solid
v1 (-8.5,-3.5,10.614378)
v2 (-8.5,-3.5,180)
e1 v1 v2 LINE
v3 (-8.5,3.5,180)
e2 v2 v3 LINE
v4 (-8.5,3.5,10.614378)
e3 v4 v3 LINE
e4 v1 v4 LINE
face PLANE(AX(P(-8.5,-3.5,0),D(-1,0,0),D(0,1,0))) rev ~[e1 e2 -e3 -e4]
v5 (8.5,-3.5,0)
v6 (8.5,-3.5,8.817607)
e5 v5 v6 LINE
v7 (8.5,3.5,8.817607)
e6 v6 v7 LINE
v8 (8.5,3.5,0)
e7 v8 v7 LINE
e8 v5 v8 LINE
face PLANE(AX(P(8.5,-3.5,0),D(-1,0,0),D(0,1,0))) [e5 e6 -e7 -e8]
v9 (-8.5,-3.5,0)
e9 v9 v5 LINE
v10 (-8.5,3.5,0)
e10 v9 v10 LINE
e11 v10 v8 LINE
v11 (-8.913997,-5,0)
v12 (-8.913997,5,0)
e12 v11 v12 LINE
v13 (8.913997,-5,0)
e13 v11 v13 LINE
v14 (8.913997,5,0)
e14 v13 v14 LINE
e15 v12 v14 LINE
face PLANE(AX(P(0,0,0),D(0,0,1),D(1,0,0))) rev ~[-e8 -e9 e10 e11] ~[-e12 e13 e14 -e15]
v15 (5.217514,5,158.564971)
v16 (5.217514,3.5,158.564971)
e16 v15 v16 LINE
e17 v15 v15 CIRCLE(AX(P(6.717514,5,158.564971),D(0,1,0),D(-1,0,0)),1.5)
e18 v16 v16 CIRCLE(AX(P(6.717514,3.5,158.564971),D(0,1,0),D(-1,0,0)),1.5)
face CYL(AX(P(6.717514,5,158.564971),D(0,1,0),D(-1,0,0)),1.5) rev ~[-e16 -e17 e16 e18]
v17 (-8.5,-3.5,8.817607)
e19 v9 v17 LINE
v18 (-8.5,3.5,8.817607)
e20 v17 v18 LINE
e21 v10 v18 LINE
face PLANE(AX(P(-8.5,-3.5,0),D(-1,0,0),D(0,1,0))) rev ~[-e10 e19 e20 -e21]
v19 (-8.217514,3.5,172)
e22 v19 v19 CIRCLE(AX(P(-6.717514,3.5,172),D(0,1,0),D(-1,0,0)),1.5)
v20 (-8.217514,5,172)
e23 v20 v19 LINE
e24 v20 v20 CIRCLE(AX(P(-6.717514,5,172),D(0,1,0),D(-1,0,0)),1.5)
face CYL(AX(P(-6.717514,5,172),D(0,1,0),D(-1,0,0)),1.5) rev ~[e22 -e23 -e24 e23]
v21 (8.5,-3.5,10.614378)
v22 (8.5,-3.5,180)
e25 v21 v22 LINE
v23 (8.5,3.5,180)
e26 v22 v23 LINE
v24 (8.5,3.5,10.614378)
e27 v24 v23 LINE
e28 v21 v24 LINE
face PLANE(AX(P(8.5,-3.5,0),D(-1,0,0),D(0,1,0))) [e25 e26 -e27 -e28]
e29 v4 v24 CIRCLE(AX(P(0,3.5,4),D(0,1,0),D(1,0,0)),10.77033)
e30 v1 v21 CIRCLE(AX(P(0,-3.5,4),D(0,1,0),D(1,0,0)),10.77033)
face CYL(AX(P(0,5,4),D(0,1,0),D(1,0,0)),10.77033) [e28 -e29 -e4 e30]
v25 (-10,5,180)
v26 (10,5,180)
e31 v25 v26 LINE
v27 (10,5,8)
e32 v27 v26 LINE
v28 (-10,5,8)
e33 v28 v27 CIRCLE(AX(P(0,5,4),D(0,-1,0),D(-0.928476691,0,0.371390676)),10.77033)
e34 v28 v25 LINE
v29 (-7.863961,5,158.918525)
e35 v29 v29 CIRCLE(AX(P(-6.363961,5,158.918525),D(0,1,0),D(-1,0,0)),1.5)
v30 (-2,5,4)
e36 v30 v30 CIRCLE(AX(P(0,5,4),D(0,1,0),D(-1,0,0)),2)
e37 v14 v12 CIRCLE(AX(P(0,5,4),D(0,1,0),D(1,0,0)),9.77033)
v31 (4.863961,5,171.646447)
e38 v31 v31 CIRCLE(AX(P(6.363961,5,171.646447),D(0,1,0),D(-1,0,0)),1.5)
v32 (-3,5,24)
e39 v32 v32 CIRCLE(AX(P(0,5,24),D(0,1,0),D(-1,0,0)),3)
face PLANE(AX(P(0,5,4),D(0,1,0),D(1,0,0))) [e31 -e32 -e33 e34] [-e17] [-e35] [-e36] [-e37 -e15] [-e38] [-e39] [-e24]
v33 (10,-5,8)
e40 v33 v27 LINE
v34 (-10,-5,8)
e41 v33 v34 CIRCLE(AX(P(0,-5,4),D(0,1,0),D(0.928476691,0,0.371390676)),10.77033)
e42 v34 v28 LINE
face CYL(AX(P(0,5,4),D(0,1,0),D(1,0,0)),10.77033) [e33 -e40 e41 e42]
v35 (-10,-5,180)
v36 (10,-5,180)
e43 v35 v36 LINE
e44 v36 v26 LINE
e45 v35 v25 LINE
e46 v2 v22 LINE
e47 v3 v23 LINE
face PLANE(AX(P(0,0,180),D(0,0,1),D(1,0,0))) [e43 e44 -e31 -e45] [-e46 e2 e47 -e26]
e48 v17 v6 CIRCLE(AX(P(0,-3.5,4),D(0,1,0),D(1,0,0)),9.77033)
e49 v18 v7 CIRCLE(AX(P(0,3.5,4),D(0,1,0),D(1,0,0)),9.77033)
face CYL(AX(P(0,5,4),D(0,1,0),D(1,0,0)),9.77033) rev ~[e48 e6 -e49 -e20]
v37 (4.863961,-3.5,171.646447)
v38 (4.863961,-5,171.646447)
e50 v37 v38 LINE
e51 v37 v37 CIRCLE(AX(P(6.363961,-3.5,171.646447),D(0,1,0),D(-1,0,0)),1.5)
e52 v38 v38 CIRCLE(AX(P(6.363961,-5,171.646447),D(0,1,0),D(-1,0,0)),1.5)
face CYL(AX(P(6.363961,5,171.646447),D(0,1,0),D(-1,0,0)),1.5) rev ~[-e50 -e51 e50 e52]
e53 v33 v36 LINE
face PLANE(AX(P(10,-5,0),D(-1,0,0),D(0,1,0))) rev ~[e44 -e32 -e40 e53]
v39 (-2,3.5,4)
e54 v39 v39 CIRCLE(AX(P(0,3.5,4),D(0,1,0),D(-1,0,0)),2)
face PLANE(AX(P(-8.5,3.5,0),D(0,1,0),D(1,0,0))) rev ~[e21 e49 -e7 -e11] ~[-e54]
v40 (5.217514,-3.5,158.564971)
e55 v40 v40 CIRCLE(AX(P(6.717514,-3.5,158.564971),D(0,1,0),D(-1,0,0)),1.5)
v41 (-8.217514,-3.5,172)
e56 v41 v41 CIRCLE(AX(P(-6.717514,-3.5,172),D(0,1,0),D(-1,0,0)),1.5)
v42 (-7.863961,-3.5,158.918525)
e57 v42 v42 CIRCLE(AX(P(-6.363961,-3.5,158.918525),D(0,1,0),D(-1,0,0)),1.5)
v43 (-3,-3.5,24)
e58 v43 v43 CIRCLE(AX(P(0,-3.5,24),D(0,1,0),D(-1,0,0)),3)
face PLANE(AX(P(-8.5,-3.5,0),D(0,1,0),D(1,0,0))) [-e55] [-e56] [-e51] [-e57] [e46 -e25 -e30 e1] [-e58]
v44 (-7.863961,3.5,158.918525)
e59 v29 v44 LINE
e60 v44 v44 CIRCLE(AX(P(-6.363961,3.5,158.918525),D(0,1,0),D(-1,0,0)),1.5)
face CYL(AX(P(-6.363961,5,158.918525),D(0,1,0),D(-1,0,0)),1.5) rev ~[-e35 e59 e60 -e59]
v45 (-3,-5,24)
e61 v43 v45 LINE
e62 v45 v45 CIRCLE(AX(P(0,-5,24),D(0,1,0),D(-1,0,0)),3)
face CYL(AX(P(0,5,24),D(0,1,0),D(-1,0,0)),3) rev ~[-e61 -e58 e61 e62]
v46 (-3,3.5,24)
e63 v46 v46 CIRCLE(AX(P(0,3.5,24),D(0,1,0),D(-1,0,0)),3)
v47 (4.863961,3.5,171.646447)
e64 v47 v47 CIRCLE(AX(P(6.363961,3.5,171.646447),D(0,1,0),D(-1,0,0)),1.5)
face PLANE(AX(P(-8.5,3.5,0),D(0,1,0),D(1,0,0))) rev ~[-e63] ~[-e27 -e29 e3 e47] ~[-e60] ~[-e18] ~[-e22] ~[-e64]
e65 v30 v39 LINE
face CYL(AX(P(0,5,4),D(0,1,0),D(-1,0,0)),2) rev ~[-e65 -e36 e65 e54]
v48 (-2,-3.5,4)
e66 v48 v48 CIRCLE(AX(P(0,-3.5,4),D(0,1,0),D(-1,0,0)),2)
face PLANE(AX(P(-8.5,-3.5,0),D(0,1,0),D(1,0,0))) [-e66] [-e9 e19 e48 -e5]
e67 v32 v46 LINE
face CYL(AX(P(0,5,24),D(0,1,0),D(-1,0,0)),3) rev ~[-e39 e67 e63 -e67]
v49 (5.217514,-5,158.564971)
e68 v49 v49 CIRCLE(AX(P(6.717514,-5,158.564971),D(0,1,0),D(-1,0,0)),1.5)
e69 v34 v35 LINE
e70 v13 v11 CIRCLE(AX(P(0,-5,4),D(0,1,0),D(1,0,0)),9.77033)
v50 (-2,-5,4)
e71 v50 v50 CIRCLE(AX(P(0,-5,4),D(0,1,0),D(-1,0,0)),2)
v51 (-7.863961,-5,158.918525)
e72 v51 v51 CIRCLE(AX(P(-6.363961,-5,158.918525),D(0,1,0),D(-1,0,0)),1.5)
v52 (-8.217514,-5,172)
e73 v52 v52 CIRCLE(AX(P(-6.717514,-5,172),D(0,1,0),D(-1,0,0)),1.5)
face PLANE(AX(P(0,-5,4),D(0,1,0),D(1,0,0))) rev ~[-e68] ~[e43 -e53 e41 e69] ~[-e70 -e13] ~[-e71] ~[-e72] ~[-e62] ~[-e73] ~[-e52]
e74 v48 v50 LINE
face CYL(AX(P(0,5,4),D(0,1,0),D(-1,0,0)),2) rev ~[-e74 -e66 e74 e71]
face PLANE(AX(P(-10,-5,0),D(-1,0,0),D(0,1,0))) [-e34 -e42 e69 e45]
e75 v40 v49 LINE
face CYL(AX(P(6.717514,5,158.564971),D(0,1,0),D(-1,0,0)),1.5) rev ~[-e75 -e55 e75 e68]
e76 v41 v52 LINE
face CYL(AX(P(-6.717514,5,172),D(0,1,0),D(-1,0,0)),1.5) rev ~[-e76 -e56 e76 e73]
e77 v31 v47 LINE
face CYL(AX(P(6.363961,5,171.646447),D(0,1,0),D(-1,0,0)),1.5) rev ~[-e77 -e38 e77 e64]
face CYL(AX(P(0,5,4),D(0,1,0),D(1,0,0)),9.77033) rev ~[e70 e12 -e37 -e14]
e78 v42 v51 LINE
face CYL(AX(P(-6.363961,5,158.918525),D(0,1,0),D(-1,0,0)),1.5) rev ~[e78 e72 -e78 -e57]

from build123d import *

# Parameters (mm, degrees)
SKETCH1_W           = 20
SKETCH1_H           = 10
SKETCH1_W_2         = 17
SKETCH1_H_2         = 7
BOSS_EXTRUDE1_DEPTH = 180
SKETCH2_R           = 1.5
CUT_EXTRUDE1_DEPTH  = 181.554700853
SKETCH3_R           = 2
SKETCH3_R_2         = 3
CUT_EXTRUDE2_DEPTH  = 181.554700853
SKETCH5_R           = 10.770329614
SKETCH5_R_2         = 9.770329614
BOSS_EXTRUDE2_DEPTH = 10


with BuildPart() as part:
    # Sketch1 → Boss-Extrude1 (new body)
    with BuildSketch(Plane.XY):
        Rectangle(SKETCH1_W, SKETCH1_H)
        Rectangle(SKETCH1_W_2, SKETCH1_H_2, mode=Mode.SUBTRACT)
    extrude(amount=BOSS_EXTRUDE1_DEPTH)

    # Sketch2 → Cut-Extrude1 (cut, through all)
    with BuildSketch(Plane(origin=(0, 5, 0), x_dir=(1, 0, 0), z_dir=(0, 1, 0))):
        with Locations((6.363961031, -171.646446609)):
            Circle(SKETCH2_R)
        with Locations((-6.717514421, -172)):
            Circle(SKETCH2_R)
        with Locations((6.717514421, -158.564971157)):
            Circle(SKETCH2_R)
        with Locations((-6.363961031, -158.918524548)):
            Circle(SKETCH2_R)
    extrude(amount=-CUT_EXTRUDE1_DEPTH, mode=Mode.SUBTRACT)

    # Sketch3 → Cut-Extrude2 (cut, through all)
    with BuildSketch(Plane(origin=(0, 5, 0), x_dir=(1, 0, 0), z_dir=(0, 1, 0))):
        with Locations((0, -4)):
            Circle(SKETCH3_R)
        with Locations((0, -24)):
            Circle(SKETCH3_R_2)
    extrude(amount=-CUT_EXTRUDE2_DEPTH, mode=Mode.SUBTRACT)

    # Sketch5 → Boss-Extrude2 (add)
    with BuildSketch(Plane(origin=(0, 5, 0), x_dir=(1, 0, 0), z_dir=(0, 1, 0))):
        with Locations((0, -4)):
            Circle(SKETCH5_R)
        with Locations((0, -4)):
            Circle(SKETCH5_R_2, mode=Mode.SUBTRACT)
    extrude(amount=-BOSS_EXTRUDE2_DEPTH)


solid = part.part
